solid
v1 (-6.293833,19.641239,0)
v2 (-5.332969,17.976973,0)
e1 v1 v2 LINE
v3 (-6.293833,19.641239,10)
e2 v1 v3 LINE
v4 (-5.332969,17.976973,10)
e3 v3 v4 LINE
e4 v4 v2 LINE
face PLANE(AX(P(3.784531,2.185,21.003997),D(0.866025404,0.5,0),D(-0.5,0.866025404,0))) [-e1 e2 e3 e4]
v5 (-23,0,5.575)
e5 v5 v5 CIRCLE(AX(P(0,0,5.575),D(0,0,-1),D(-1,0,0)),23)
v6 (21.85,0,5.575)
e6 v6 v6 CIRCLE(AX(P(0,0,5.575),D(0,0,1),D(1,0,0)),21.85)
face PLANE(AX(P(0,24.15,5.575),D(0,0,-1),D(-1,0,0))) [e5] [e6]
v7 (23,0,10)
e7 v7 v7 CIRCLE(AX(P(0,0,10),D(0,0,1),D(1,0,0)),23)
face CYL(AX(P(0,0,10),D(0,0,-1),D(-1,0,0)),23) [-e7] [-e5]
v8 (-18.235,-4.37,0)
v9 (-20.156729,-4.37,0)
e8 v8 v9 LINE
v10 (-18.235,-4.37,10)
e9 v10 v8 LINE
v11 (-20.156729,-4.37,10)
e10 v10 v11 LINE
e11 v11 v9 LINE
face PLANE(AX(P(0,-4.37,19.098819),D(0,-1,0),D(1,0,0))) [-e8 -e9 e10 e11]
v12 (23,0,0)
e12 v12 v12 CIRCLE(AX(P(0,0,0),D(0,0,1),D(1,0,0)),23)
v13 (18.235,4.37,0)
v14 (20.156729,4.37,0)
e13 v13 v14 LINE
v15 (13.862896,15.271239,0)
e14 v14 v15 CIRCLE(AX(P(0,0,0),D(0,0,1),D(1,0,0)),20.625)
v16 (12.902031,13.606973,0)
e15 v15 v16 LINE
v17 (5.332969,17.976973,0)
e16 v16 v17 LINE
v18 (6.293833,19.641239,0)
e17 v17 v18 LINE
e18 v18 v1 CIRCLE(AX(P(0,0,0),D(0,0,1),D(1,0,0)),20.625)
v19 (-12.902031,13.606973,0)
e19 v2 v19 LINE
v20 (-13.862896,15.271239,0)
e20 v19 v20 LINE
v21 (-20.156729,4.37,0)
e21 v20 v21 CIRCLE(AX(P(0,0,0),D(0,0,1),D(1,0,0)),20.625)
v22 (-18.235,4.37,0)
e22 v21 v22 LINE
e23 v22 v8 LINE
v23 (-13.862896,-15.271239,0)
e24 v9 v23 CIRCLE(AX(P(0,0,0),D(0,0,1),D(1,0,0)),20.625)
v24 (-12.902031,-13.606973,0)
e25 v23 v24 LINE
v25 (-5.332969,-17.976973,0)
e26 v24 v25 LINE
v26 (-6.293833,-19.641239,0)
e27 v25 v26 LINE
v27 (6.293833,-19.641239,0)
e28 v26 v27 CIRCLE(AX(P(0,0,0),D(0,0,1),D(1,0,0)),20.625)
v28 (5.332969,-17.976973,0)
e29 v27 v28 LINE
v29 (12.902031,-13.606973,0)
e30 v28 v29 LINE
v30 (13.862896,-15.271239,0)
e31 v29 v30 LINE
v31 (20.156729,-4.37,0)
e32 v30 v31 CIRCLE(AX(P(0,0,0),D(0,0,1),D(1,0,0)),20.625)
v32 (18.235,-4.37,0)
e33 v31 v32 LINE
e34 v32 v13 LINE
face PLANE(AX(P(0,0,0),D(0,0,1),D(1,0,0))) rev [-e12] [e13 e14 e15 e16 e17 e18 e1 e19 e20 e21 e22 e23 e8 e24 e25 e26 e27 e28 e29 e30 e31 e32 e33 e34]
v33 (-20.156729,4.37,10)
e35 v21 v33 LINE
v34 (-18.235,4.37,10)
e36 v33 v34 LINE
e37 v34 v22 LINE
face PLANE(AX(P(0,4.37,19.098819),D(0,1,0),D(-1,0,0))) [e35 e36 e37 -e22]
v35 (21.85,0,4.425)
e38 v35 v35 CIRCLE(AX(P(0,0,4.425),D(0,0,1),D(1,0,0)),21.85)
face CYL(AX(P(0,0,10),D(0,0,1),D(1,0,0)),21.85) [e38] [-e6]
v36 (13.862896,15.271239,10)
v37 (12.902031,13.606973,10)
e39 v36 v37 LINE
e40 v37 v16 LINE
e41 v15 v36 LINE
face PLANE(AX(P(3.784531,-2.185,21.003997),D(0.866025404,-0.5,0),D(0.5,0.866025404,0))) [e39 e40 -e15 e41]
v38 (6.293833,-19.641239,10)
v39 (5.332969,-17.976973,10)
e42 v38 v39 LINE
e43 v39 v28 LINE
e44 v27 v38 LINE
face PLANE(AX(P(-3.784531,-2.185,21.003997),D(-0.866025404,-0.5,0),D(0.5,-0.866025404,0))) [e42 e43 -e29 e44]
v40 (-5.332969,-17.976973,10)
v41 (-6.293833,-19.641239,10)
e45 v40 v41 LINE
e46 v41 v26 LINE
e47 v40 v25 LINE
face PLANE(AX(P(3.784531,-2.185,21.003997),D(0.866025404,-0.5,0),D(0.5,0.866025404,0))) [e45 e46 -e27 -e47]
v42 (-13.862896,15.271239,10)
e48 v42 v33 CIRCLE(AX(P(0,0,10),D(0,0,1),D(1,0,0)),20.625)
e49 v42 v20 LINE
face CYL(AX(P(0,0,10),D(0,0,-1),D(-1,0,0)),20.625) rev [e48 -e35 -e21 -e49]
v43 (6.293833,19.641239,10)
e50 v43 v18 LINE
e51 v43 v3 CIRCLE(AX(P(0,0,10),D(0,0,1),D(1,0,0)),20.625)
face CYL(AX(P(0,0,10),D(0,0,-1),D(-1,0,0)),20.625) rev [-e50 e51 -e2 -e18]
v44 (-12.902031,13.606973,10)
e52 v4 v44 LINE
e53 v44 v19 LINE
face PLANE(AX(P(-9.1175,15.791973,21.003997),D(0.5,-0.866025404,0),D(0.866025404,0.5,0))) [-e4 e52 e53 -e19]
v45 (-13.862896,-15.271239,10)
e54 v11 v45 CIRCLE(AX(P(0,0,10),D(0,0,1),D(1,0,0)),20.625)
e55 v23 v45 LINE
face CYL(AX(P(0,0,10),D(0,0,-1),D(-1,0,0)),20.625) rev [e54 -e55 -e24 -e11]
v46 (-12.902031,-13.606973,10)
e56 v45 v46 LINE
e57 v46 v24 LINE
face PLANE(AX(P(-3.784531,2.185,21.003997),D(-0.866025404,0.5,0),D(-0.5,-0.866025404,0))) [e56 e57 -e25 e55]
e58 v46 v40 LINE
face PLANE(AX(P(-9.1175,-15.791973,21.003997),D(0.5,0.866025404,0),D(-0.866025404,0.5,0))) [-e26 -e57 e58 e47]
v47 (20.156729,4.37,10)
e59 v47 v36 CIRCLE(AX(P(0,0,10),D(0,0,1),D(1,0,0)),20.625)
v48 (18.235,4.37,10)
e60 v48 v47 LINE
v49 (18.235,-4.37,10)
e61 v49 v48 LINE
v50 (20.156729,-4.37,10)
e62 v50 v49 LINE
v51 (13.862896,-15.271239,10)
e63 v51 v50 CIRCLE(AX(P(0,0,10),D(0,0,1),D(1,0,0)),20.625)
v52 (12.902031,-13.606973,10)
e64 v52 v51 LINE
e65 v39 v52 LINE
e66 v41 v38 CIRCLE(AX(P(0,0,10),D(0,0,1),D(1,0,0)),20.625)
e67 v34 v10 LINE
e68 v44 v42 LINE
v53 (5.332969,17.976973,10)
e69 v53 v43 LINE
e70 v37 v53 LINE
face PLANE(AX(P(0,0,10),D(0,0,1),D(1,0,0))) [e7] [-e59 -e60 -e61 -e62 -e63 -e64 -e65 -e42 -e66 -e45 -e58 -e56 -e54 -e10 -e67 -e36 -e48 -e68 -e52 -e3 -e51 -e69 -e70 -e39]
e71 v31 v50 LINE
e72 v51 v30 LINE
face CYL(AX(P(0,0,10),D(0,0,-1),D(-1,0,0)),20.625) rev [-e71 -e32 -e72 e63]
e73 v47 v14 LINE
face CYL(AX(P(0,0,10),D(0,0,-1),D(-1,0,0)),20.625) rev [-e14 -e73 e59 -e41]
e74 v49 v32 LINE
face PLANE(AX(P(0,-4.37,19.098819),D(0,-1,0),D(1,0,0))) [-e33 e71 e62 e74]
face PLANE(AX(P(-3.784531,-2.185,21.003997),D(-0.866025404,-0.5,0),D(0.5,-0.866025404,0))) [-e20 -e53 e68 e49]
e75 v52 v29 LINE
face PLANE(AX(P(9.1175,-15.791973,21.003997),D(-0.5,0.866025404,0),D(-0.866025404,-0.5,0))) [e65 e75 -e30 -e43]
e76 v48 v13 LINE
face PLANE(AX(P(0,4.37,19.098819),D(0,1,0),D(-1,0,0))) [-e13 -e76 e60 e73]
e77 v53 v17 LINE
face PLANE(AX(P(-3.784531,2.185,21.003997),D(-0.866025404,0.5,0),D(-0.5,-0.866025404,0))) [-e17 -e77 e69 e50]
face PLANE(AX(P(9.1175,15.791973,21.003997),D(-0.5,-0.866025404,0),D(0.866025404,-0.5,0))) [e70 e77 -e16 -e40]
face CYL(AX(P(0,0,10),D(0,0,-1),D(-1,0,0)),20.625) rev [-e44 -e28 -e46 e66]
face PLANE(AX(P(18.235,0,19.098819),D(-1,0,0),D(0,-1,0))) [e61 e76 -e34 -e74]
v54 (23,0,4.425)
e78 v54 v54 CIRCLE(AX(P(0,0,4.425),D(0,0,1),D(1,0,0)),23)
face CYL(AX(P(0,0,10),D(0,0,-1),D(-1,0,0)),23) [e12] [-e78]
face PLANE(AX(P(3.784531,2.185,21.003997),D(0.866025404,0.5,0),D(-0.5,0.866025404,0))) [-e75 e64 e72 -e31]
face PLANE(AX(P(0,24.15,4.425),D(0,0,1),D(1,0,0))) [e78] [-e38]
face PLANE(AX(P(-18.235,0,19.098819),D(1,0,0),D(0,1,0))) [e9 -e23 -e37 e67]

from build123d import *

# Parameters (mm, degrees)
SKETCH2_R           = 23
SKETCH2_R_2         = 20.625
BOSS_EXTRUDE1_DEPTH = 10
SKETCH3_W           = 2.53
SKETCH3_H           = 8.74
BOSS_EXTRUDE2_DEPTH = 10
CIRPATTERN1_COUNT   = 6
SKETCH4_W           = 1.15
SKETCH4_H           = 2.3


with BuildPart() as part:
    # Sketch2 → Boss-Extrude1 (new body)
    with BuildSketch(Plane.XY):
        Circle(SKETCH2_R)
        Circle(SKETCH2_R_2, mode=Mode.SUBTRACT)
    extrude(amount=BOSS_EXTRUDE1_DEPTH)

    # Sketch3 → Boss-Extrude2 (add)
    with BuildSketch(Plane.XY):
        with Locations((-19.5, 0)):
            Rectangle(SKETCH3_W, SKETCH3_H)
    boss_extrude2 = extrude(amount=BOSS_EXTRUDE2_DEPTH)

    # CirPattern1: Boss-Extrude2 ×6 about axis
    cirpattern1_axis = Axis((0, 0, 0), (0, 0, 1))
    for i in range(1, CIRPATTERN1_COUNT):
        add(boss_extrude2.rotate(cirpattern1_axis, i * 360 / CIRPATTERN1_COUNT))

    # Sketch4 → Cut-Revolve1 (revolve, cut)
    with BuildSketch(Plane(origin=(0, 0, 0), x_dir=(0, 0, -1), z_dir=(1, 0, 0))):
        with Locations((-5, 23)):
            Rectangle(SKETCH4_W, SKETCH4_H)
    revolve(axis=Axis((0, 0, 10), (0, 0, -1)), mode=Mode.SUBTRACT)


solid = part.part
